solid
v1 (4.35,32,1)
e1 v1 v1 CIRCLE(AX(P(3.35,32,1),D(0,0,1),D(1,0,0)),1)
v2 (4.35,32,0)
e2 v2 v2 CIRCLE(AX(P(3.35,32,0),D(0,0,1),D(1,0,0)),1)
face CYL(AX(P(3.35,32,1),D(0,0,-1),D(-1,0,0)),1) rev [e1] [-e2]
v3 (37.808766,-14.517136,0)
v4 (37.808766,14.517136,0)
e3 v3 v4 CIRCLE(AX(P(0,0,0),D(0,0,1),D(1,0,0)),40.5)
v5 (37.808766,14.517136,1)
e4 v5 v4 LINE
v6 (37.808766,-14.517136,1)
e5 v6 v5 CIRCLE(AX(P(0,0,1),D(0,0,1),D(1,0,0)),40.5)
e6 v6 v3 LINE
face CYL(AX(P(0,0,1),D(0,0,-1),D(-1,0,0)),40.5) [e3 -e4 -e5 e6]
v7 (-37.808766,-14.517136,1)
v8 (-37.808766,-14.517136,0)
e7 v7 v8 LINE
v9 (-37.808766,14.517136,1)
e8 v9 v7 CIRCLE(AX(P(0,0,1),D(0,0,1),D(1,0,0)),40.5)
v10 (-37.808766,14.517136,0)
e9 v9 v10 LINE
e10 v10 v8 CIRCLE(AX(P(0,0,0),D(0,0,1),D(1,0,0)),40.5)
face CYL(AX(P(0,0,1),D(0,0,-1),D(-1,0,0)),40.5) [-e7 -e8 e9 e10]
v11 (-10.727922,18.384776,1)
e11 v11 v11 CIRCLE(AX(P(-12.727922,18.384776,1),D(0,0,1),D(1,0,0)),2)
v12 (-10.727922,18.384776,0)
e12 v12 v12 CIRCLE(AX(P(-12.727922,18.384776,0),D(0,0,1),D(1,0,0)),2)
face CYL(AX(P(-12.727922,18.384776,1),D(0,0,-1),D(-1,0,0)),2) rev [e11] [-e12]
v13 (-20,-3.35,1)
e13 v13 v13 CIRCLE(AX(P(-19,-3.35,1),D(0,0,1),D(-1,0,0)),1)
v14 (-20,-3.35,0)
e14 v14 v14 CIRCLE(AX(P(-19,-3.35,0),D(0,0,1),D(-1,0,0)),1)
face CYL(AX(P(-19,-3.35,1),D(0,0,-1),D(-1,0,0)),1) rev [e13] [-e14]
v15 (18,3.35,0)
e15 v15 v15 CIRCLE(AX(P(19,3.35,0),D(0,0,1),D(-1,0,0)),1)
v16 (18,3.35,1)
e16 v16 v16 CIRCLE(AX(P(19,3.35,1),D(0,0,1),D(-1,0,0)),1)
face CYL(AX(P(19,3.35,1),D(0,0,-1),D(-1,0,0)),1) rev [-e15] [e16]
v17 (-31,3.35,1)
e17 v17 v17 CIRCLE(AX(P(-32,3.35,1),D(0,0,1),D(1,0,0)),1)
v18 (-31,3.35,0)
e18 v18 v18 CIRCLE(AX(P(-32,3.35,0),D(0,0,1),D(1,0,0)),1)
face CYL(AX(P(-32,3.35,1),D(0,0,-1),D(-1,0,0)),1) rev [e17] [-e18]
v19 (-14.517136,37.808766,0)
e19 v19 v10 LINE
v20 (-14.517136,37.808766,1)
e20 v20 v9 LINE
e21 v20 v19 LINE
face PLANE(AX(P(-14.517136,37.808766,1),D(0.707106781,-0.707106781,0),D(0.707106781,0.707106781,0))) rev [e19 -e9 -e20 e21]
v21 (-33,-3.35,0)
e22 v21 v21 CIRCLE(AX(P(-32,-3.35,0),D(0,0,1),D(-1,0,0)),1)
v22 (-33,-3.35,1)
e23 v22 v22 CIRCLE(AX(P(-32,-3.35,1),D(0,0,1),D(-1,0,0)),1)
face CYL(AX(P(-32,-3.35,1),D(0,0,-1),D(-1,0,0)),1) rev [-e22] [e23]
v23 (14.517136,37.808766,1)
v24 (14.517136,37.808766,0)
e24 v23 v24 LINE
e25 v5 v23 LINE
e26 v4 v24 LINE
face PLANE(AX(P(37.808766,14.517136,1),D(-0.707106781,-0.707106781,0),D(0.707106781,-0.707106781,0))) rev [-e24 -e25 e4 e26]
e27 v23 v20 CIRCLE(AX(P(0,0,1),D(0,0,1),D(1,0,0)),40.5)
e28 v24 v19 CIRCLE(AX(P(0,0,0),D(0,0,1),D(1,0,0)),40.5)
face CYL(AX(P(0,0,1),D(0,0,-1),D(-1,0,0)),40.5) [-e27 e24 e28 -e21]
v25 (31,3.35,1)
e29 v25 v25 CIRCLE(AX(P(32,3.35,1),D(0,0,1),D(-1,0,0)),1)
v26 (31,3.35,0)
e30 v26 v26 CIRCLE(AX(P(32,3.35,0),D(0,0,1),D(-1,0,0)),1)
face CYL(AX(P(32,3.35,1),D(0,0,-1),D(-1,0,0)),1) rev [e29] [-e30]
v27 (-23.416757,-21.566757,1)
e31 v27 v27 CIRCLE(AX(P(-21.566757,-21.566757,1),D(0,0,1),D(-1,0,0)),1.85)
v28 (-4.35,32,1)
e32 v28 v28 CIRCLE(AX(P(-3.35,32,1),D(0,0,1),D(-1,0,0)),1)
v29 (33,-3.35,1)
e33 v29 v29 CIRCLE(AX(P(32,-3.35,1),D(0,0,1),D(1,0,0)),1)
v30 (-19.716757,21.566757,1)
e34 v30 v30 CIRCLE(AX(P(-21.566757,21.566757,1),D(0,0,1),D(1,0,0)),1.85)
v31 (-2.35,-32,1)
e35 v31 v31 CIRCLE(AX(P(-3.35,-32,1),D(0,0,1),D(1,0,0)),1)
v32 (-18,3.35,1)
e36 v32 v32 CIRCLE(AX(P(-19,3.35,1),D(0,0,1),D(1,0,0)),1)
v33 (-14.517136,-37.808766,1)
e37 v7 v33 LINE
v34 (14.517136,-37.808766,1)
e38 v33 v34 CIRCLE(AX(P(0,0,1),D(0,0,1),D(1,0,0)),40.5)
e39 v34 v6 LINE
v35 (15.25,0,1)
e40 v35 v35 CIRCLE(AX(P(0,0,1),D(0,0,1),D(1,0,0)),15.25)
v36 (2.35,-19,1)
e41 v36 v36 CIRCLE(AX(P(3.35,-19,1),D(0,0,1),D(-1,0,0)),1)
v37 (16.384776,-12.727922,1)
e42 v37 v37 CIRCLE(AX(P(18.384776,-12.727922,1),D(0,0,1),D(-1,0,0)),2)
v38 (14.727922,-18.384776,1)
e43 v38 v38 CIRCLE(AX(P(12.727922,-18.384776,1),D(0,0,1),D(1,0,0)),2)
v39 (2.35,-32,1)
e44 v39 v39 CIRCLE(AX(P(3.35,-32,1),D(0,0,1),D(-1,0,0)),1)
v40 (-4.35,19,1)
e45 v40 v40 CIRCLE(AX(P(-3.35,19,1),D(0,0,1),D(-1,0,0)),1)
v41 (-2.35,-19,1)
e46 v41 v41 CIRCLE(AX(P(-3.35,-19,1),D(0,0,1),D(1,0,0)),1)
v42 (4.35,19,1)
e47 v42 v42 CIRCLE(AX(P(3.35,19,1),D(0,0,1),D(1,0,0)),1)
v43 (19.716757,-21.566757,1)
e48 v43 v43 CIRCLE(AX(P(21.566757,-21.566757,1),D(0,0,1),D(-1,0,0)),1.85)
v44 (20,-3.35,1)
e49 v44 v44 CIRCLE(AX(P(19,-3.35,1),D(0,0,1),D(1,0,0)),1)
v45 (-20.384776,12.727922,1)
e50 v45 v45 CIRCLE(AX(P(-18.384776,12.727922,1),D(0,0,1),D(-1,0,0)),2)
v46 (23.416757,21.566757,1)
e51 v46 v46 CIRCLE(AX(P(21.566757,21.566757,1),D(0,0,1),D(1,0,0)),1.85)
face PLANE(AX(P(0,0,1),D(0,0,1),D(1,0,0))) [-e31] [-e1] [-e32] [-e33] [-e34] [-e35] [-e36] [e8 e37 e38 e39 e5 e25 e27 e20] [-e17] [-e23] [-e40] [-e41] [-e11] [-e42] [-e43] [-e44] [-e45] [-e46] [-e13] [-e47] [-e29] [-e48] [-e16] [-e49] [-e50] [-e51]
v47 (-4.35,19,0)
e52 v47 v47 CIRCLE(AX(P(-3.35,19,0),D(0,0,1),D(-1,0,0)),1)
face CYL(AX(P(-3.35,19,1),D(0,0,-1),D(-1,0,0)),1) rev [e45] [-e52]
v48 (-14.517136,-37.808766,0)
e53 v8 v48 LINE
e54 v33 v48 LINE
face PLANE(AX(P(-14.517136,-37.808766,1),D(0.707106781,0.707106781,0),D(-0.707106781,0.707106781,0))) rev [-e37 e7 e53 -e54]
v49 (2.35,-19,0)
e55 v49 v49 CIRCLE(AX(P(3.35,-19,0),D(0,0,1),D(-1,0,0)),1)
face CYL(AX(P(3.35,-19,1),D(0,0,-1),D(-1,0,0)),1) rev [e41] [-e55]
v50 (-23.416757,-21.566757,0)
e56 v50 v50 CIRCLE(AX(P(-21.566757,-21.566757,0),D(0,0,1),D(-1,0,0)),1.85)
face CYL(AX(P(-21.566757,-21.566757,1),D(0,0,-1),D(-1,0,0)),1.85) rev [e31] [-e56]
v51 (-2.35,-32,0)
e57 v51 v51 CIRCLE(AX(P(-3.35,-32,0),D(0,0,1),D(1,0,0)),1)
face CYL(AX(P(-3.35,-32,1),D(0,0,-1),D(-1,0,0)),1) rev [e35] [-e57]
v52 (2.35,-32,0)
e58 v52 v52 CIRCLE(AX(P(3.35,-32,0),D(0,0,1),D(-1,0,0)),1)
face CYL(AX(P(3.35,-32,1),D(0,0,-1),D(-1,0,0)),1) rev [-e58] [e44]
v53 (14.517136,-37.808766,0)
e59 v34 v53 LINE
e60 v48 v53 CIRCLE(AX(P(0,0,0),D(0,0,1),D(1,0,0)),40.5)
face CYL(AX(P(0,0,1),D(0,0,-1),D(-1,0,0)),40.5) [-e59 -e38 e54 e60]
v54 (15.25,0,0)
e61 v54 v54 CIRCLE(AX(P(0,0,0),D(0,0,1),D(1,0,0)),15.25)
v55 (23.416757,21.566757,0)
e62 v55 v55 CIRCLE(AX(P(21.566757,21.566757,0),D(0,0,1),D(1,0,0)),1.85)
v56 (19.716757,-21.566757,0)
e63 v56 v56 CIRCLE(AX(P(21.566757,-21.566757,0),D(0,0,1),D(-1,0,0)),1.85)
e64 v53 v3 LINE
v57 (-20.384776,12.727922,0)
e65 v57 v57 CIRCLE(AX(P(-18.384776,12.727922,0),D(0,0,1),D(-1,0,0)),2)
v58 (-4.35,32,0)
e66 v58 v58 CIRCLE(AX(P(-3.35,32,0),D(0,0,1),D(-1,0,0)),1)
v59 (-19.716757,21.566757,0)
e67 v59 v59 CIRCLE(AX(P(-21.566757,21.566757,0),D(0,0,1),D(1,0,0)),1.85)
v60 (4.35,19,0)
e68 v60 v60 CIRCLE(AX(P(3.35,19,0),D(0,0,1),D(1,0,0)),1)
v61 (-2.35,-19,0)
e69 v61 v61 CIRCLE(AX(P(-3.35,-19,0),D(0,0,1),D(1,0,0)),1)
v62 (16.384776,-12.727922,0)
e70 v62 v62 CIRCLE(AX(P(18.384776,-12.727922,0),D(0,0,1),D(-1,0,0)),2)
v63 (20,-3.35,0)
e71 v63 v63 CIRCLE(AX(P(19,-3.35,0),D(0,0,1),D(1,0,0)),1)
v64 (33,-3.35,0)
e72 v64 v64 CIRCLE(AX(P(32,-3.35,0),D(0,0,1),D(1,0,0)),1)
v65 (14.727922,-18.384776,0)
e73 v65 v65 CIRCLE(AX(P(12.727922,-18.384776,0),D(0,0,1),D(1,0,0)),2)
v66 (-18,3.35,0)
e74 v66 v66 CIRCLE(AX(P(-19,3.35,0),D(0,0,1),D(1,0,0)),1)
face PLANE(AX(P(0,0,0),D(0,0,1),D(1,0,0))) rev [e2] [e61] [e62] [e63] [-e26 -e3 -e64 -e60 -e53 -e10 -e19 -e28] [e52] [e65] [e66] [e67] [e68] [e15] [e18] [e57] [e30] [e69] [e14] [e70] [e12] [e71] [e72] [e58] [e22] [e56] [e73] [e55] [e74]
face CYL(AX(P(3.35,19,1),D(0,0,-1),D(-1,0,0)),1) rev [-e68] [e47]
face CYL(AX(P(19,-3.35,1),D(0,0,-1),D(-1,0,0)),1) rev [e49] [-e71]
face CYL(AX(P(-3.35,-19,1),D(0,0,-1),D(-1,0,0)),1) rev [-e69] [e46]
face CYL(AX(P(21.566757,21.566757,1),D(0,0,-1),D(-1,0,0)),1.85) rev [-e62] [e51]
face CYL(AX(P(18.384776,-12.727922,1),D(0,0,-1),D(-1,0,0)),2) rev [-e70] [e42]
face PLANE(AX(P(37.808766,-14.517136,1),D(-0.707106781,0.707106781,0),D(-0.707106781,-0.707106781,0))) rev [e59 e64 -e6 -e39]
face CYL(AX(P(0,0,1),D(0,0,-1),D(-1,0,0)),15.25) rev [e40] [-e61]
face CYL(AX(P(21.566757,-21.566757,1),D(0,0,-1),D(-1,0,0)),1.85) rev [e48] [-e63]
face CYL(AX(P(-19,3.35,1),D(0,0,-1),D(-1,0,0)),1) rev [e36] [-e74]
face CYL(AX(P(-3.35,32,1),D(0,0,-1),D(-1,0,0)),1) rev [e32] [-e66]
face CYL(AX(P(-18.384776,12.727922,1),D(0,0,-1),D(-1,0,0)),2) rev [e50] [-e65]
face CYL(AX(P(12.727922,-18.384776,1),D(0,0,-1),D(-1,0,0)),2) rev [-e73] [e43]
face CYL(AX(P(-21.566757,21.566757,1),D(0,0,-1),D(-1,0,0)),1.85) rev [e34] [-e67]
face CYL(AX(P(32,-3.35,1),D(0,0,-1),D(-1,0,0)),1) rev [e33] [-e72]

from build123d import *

# Parameters (mm, degrees)
ESQUISSE1_R        = 15.25
ESQUISSE1_R_2      = 1.85
ESQUISSE1_R_3      = 2
ESQUISSE1_R_4      = 1
BOSS_EXTRU_1_DEPTH = 1


with BuildPart() as part:
    # Esquisse1 → Boss.-Extru.1 (new body)
    with BuildSketch(Plane.XY):
        with BuildLine():
            Line((37.808765603, 14.517136205), (14.517136205, 37.808765603))
            ThreePointArc((14.517136205, 37.808765603), (0, 40.5), (-14.517136205, 37.808765603))
            Line((-14.517136205, 37.808765603), (-37.808765603, 14.517136205))
            ThreePointArc((-37.808765603, 14.517136205), (-40.5, 0), (-37.808765603, -14.517136205))
            Line((-37.808765603, -14.517136205), (-14.517136205, -37.808765603))
            ThreePointArc((-14.517136205, -37.808765603), (0, -40.5), (14.517136205, -37.808765603))
            Line((14.517136205, -37.808765603), (37.808765603, -14.517136205))
            ThreePointArc((37.808765603, -14.517136205), (40.5, 0), (37.808765603, 14.517136205))
        make_face()
        Circle(ESQUISSE1_R, mode=Mode.SUBTRACT)
        with Locations((21.566756826, 21.566756826)):
            Circle(ESQUISSE1_R_2, mode=Mode.SUBTRACT)
        with Locations((-21.566756826, -21.566756826)):
            Circle(ESQUISSE1_R_2, mode=Mode.SUBTRACT)
        with Locations((-21.566756826, 21.566756826)):
            Circle(ESQUISSE1_R_2, mode=Mode.SUBTRACT)
        with Locations((21.566756826, -21.566756826)):
            Circle(ESQUISSE1_R_2, mode=Mode.SUBTRACT)
        with Locations((-12.727922061, 18.384776311)):
            Circle(ESQUISSE1_R_3, mode=Mode.SUBTRACT)
        with Locations((-18.384776311, 12.727922061)):
            Circle(ESQUISSE1_R_3, mode=Mode.SUBTRACT)
        with Locations((12.727922061, -18.384776311)):
            Circle(ESQUISSE1_R_3, mode=Mode.SUBTRACT)
        with Locations((18.384776311, -12.727922061)):
            Circle(ESQUISSE1_R_3, mode=Mode.SUBTRACT)
        with Locations((19, -3.35)):
            Circle(ESQUISSE1_R_4, mode=Mode.SUBTRACT)
        with Locations((32, -3.35)):
            Circle(ESQUISSE1_R_4, mode=Mode.SUBTRACT)
        with Locations((32, 3.35)):
            Circle(ESQUISSE1_R_4, mode=Mode.SUBTRACT)
        with Locations((19, 3.35)):
            Circle(ESQUISSE1_R_4, mode=Mode.SUBTRACT)
        with Locations((-19, -3.35)):
            Circle(ESQUISSE1_R_4, mode=Mode.SUBTRACT)
        with Locations((-32, -3.35)):
            Circle(ESQUISSE1_R_4, mode=Mode.SUBTRACT)
        with Locations((-32, 3.35)):
            Circle(ESQUISSE1_R_4, mode=Mode.SUBTRACT)
        with Locations((-19, 3.35)):
            Circle(ESQUISSE1_R_4, mode=Mode.SUBTRACT)
        with Locations((3.35, 19)):
            Circle(ESQUISSE1_R_4, mode=Mode.SUBTRACT)
        with Locations((3.35, 32)):
            Circle(ESQUISSE1_R_4, mode=Mode.SUBTRACT)
        with Locations((-3.35, 32)):
            Circle(ESQUISSE1_R_4, mode=Mode.SUBTRACT)
        with Locations((-3.35, 19)):
            Circle(ESQUISSE1_R_4, mode=Mode.SUBTRACT)
        with Locations((3.35, -19)):
            Circle(ESQUISSE1_R_4, mode=Mode.SUBTRACT)
        with Locations((3.35, -32)):
            Circle(ESQUISSE1_R_4, mode=Mode.SUBTRACT)
        with Locations((-3.35, -32)):
            Circle(ESQUISSE1_R_4, mode=Mode.SUBTRACT)
        with Locations((-3.35, -19)):
            Circle(ESQUISSE1_R_4, mode=Mode.SUBTRACT)
    extrude(amount=BOSS_EXTRU_1_DEPTH)


solid = part.part
